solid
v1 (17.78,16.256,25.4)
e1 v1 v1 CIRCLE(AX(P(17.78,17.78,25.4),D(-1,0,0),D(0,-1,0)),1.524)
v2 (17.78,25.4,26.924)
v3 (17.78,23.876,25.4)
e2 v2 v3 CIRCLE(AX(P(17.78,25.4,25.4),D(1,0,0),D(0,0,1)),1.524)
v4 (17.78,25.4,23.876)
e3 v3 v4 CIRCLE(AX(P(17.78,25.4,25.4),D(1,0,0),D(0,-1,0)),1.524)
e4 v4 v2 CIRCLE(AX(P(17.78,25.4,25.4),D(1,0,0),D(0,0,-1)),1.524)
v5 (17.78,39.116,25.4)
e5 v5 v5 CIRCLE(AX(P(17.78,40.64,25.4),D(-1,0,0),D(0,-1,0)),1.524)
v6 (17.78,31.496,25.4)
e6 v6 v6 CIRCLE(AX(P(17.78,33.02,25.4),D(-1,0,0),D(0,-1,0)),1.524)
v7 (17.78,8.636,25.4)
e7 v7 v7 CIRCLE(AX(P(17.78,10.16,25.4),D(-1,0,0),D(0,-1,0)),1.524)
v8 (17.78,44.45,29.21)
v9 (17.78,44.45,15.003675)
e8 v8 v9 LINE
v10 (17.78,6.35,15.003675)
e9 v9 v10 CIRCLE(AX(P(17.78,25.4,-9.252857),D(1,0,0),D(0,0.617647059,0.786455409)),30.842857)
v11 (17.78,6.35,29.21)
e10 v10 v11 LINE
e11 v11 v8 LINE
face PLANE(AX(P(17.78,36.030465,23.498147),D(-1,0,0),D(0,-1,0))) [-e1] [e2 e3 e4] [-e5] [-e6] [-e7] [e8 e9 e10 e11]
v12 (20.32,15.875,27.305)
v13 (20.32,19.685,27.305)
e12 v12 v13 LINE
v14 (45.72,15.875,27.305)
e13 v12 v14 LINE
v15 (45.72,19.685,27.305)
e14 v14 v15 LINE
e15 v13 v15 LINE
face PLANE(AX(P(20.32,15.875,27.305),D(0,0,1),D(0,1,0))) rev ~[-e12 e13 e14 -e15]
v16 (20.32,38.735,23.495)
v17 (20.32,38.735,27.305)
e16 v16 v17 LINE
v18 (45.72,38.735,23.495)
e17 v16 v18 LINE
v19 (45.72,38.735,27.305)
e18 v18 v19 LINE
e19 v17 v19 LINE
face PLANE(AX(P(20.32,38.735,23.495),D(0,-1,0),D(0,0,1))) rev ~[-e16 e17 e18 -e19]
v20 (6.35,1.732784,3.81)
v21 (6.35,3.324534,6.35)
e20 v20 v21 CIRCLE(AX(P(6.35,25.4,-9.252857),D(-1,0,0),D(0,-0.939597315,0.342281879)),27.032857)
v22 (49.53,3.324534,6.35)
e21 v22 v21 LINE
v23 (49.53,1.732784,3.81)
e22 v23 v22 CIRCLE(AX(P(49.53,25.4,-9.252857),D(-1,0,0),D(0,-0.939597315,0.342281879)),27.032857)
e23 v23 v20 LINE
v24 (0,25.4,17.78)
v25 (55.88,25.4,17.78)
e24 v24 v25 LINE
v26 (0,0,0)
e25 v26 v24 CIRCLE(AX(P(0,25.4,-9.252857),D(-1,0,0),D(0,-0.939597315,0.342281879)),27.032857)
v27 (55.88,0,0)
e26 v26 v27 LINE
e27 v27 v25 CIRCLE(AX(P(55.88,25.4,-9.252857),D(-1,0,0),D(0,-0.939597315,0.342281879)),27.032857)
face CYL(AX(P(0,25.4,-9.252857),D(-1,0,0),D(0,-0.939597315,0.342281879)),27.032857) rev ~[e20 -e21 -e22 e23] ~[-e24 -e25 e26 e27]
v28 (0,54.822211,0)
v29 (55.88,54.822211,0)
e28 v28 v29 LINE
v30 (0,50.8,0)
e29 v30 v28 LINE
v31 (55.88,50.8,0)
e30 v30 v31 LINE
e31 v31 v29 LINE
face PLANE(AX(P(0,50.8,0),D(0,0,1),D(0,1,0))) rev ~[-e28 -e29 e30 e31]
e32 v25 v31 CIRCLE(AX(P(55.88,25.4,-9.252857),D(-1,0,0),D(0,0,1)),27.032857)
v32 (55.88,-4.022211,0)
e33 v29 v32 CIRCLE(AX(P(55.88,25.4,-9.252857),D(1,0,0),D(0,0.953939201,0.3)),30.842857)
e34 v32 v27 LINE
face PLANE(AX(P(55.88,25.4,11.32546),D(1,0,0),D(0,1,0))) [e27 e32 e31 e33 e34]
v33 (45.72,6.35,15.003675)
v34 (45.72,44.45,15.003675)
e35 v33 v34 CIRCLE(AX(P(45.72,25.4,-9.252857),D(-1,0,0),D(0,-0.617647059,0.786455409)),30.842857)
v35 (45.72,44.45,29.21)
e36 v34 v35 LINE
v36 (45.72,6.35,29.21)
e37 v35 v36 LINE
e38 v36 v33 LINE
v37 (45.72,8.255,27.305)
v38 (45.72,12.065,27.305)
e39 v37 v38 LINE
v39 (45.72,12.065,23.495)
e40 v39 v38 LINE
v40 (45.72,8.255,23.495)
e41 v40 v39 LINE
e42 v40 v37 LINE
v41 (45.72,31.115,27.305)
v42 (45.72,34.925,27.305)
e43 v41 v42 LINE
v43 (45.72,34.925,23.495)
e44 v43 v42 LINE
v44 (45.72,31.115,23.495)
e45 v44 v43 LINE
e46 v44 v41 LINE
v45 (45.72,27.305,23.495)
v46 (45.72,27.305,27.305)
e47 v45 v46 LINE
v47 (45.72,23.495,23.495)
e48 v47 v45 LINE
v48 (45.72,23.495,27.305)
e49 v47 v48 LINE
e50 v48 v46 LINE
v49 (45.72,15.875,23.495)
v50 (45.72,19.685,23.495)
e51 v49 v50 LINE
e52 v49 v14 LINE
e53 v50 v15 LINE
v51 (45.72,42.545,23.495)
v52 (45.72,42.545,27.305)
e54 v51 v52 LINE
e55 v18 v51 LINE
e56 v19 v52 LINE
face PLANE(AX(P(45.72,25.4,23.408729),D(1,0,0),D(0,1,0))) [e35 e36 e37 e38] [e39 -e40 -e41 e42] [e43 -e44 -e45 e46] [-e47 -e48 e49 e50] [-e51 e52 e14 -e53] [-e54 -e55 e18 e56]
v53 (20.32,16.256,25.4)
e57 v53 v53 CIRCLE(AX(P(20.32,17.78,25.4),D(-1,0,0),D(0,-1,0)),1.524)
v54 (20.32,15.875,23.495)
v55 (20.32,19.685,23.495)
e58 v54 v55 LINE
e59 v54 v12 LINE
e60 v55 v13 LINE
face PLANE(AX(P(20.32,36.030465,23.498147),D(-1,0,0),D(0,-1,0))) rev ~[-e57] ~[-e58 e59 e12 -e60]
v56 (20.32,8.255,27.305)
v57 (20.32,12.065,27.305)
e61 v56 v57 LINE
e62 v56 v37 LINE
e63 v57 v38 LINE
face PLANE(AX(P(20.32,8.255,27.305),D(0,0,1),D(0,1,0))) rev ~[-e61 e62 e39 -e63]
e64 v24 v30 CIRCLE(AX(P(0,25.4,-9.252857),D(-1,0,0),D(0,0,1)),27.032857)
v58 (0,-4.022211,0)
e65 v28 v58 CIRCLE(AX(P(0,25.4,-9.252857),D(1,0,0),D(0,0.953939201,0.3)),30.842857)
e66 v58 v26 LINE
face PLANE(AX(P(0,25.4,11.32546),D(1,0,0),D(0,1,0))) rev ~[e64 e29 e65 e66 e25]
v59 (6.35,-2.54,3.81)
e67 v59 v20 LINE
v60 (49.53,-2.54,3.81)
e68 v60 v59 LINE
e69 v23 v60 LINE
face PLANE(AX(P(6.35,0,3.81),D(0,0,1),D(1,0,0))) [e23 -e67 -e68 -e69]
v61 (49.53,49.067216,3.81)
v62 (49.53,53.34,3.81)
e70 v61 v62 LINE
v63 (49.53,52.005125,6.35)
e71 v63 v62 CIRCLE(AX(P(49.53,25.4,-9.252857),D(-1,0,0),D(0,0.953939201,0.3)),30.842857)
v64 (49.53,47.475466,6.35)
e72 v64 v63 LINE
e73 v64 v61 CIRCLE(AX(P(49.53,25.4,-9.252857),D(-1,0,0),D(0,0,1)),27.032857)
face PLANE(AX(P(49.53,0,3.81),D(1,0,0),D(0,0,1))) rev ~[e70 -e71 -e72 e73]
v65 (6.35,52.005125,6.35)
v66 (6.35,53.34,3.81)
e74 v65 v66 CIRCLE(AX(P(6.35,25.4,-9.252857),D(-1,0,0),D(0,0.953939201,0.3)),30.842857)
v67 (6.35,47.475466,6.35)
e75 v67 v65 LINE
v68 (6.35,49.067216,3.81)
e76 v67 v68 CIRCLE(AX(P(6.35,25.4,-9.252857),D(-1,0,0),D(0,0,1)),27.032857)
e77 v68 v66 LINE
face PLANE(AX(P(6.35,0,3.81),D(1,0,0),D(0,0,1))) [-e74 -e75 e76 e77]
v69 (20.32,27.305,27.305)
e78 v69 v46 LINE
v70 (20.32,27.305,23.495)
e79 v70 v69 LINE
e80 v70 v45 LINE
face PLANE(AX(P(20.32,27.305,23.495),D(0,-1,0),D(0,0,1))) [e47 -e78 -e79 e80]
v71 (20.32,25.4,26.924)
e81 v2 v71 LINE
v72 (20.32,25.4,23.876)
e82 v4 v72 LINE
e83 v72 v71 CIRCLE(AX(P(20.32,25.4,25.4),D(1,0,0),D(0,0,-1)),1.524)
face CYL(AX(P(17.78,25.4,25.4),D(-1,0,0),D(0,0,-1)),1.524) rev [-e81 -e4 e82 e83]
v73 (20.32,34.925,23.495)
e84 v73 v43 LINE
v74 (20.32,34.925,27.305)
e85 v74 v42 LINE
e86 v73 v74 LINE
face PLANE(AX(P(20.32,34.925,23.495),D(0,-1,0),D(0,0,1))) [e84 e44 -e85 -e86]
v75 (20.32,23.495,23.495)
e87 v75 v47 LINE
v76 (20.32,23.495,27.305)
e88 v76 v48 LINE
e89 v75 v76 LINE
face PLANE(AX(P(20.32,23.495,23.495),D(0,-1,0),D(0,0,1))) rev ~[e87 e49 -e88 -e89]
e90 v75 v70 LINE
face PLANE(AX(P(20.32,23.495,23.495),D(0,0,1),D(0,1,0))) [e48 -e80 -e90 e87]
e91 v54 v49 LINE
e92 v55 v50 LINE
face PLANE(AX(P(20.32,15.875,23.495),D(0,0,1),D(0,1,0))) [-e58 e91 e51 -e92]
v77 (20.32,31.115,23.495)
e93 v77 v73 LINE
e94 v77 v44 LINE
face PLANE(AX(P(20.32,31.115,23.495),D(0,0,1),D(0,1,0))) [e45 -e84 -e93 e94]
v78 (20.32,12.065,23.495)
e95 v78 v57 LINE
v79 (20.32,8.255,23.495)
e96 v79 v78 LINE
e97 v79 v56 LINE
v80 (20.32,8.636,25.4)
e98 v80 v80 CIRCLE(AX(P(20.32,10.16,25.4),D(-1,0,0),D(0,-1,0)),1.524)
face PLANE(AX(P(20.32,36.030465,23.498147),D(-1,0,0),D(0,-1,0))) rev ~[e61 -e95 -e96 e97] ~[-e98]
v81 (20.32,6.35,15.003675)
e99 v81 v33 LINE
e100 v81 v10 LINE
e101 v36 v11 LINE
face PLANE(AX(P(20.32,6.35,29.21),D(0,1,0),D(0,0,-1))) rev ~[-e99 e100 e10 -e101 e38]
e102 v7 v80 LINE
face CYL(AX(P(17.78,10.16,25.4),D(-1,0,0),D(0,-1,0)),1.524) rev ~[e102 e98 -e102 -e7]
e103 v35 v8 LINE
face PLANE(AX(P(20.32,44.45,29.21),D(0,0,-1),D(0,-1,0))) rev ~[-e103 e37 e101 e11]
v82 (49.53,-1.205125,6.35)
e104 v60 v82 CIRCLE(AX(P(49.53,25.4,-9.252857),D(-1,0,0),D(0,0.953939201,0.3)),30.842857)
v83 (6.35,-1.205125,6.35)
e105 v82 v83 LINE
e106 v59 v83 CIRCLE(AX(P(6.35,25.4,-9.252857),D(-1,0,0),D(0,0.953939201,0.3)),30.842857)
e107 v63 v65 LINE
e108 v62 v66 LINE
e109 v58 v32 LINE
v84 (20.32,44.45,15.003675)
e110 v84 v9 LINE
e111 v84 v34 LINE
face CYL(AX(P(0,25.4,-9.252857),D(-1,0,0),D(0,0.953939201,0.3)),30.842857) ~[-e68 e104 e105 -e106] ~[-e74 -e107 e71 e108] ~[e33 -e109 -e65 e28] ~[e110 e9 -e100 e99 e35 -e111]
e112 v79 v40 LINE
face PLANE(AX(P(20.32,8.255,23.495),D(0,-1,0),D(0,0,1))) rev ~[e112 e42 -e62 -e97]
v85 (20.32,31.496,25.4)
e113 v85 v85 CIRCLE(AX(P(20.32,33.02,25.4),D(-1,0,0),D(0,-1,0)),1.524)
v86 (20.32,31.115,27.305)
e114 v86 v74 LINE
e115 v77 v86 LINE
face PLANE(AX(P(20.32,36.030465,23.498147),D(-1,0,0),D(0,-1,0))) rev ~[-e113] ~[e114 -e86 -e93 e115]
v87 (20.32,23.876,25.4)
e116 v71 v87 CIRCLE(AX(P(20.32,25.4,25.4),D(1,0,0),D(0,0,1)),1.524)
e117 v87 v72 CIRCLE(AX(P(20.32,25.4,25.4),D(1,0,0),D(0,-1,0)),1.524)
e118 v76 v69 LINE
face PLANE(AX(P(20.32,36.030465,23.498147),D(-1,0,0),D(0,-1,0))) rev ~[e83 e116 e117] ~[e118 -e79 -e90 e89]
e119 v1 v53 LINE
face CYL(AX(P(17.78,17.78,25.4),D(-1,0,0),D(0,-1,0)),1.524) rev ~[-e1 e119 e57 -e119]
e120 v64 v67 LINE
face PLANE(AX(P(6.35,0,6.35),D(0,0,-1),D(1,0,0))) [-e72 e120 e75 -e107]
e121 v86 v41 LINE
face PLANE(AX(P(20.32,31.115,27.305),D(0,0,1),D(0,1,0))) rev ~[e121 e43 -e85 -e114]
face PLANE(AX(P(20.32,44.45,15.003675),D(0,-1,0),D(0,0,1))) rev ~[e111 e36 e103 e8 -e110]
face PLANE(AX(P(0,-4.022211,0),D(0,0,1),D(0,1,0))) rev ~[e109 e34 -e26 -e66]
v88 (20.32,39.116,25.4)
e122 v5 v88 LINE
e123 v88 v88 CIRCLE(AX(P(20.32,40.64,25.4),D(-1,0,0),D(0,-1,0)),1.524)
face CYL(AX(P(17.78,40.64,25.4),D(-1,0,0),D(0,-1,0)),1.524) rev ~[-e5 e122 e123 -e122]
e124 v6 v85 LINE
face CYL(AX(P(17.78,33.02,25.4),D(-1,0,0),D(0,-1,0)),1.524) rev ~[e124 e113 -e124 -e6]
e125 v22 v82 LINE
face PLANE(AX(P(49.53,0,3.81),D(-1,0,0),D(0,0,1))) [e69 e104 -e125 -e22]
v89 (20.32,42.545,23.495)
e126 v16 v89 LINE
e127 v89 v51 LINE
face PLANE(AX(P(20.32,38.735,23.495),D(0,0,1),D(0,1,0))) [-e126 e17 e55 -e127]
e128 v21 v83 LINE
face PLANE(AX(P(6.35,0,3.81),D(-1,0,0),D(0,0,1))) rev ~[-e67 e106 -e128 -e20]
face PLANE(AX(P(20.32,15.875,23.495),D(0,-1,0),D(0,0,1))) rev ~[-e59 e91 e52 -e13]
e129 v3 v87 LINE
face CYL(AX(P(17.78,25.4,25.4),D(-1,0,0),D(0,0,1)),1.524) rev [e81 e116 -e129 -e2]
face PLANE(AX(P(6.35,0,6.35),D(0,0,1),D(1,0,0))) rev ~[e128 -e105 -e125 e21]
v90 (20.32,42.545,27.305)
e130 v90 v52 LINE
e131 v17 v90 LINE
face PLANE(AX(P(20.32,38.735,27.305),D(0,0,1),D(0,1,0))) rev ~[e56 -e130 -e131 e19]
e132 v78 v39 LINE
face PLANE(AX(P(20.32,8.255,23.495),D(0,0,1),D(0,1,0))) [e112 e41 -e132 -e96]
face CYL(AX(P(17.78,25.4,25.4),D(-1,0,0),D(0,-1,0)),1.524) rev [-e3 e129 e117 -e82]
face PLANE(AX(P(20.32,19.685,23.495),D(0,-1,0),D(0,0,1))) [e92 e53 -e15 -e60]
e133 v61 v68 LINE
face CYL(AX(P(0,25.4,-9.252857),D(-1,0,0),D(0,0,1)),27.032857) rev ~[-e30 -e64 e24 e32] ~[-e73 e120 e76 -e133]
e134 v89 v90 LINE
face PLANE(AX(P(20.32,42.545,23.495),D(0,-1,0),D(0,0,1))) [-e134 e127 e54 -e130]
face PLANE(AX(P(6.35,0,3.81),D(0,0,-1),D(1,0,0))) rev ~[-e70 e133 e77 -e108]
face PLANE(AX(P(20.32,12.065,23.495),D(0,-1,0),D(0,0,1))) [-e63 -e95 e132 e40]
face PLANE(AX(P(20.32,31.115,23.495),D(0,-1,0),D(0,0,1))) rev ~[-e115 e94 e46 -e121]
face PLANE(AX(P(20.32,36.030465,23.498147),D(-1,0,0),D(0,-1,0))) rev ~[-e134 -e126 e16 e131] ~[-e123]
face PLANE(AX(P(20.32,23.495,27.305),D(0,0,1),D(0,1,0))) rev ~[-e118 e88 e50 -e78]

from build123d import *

# Parameters (mm, degrees)
F1_DEPTH      = 55.88
F3_R          = 1.524
F4_DEPTH      = 2.54
F5_W          = 43.18
F5_H          = 2.54
F6_DEPTH      = 54.8232105123
F6_DEPTH_BACK = 25.4
F7_W          = 3.81
F7_H          = 3.81
F8_DEPTH      = 25.4


with BuildPart() as f1:
    # F0 (on Right) → F1 (new body)
    with BuildSketch(Plane.YZ):
        with BuildLine():
            Line((-4.0222105123, 0), (0, 0))
            ThreePointArc((0, 0), (9.897674368, 12.8933223314), (25.4, 17.78))
            ThreePointArc((25.4, 17.78), (40.902325632, 12.8933223314), (50.8, 0))
            Line((50.8, 0), (54.8222105123, 0))
            ThreePointArc((54.8222105123, 0), (25.4, 21.59), (-4.0222105123, 0))
        make_face()
    extrude(amount=F1_DEPTH)

    # F3 (on offset) → F4 (join)
    with BuildSketch(Plane(origin=(17.78, 0, 0), x_dir=(0, -1, 0), z_dir=(-1, 0, 0))):
        with BuildLine():
            ThreePointArc((-44.45, 13.97), (-35.6587389576, 19.614347394), (-25.4, 21.59))
            Line((-25.4, 21.59), (-25.4, 23.876))
            ThreePointArc((-25.4, 23.876), (-26.924, 25.4), (-25.4, 26.924))
            Line((-25.4, 26.924), (-25.4, 29.21))
            Line((-25.4, 29.21), (-44.45, 29.21))
            Line((-44.45, 29.21), (-44.45, 13.97))
        make_face()
        with Locations((-40.64, 25.4)):
            Circle(F3_R, mode=Mode.SUBTRACT)
        with Locations((-33.02, 25.4)):
            Circle(F3_R, mode=Mode.SUBTRACT)
        with BuildLine():
            Line((-25.4, 23.876), (-25.4, 21.59))
            ThreePointArc((-25.4, 21.59), (-15.1412610424, 19.614347394), (-6.35, 13.97))
            Line((-6.35, 13.97), (-6.35, 29.21))
            Line((-6.35, 29.21), (-25.4, 29.21))
            Line((-25.4, 29.21), (-25.4, 26.924))
            ThreePointArc((-25.4, 26.924), (-24.3223692655, 26.4776307345), (-23.876, 25.4))
            ThreePointArc((-23.876, 25.4), (-24.3223692655, 24.3223692655), (-25.4, 23.876))
        make_face()
        with Locations((-17.78, 25.4)):
            Circle(F3_R, mode=Mode.SUBTRACT)
        with Locations((-10.16, 25.4)):
            Circle(F3_R, mode=Mode.SUBTRACT)
    extrude(amount=-F4_DEPTH)

    # F5 (on Front) → F6 (cut, two sides)
    with BuildSketch(Plane.XZ) as f6_sk:
        with Locations((27.94, 5.08)):
            Rectangle(F5_W, F5_H)
    extrude(amount=-F6_DEPTH, mode=Mode.SUBTRACT)
    extrude(f6_sk.sketch, amount=F6_DEPTH_BACK, mode=Mode.SUBTRACT)

    # F7 (on face) → F8 (join)
    with BuildSketch(Plane.YZ.offset(20.32)):
        with BuildLine():
            Line((6.35, 29.21), (6.35, 15.0036746936))
            ThreePointArc((6.35, 15.0036746936), (25.4, 21.59), (44.45, 15.0036746936))
            Line((44.45, 15.0036746936), (44.45, 29.21))
            Line((44.45, 29.21), (6.35, 29.21))
        make_face()
        with Locations((10.16, 25.4)):
            Rectangle(F7_W, F7_H, mode=Mode.SUBTRACT)
        with Locations((17.78, 25.4)):
            Rectangle(F7_W, F7_H, mode=Mode.SUBTRACT)
        with Locations((25.4, 25.4)):
            Rectangle(F7_W, F7_H, mode=Mode.SUBTRACT)
        with Locations((33.02, 25.4)):
            Rectangle(F7_W, F7_H, mode=Mode.SUBTRACT)
        with Locations((40.64, 25.4)):
            Rectangle(F7_W, F7_H, mode=Mode.SUBTRACT)
    extrude(amount=F8_DEPTH)


solid = f1.part
